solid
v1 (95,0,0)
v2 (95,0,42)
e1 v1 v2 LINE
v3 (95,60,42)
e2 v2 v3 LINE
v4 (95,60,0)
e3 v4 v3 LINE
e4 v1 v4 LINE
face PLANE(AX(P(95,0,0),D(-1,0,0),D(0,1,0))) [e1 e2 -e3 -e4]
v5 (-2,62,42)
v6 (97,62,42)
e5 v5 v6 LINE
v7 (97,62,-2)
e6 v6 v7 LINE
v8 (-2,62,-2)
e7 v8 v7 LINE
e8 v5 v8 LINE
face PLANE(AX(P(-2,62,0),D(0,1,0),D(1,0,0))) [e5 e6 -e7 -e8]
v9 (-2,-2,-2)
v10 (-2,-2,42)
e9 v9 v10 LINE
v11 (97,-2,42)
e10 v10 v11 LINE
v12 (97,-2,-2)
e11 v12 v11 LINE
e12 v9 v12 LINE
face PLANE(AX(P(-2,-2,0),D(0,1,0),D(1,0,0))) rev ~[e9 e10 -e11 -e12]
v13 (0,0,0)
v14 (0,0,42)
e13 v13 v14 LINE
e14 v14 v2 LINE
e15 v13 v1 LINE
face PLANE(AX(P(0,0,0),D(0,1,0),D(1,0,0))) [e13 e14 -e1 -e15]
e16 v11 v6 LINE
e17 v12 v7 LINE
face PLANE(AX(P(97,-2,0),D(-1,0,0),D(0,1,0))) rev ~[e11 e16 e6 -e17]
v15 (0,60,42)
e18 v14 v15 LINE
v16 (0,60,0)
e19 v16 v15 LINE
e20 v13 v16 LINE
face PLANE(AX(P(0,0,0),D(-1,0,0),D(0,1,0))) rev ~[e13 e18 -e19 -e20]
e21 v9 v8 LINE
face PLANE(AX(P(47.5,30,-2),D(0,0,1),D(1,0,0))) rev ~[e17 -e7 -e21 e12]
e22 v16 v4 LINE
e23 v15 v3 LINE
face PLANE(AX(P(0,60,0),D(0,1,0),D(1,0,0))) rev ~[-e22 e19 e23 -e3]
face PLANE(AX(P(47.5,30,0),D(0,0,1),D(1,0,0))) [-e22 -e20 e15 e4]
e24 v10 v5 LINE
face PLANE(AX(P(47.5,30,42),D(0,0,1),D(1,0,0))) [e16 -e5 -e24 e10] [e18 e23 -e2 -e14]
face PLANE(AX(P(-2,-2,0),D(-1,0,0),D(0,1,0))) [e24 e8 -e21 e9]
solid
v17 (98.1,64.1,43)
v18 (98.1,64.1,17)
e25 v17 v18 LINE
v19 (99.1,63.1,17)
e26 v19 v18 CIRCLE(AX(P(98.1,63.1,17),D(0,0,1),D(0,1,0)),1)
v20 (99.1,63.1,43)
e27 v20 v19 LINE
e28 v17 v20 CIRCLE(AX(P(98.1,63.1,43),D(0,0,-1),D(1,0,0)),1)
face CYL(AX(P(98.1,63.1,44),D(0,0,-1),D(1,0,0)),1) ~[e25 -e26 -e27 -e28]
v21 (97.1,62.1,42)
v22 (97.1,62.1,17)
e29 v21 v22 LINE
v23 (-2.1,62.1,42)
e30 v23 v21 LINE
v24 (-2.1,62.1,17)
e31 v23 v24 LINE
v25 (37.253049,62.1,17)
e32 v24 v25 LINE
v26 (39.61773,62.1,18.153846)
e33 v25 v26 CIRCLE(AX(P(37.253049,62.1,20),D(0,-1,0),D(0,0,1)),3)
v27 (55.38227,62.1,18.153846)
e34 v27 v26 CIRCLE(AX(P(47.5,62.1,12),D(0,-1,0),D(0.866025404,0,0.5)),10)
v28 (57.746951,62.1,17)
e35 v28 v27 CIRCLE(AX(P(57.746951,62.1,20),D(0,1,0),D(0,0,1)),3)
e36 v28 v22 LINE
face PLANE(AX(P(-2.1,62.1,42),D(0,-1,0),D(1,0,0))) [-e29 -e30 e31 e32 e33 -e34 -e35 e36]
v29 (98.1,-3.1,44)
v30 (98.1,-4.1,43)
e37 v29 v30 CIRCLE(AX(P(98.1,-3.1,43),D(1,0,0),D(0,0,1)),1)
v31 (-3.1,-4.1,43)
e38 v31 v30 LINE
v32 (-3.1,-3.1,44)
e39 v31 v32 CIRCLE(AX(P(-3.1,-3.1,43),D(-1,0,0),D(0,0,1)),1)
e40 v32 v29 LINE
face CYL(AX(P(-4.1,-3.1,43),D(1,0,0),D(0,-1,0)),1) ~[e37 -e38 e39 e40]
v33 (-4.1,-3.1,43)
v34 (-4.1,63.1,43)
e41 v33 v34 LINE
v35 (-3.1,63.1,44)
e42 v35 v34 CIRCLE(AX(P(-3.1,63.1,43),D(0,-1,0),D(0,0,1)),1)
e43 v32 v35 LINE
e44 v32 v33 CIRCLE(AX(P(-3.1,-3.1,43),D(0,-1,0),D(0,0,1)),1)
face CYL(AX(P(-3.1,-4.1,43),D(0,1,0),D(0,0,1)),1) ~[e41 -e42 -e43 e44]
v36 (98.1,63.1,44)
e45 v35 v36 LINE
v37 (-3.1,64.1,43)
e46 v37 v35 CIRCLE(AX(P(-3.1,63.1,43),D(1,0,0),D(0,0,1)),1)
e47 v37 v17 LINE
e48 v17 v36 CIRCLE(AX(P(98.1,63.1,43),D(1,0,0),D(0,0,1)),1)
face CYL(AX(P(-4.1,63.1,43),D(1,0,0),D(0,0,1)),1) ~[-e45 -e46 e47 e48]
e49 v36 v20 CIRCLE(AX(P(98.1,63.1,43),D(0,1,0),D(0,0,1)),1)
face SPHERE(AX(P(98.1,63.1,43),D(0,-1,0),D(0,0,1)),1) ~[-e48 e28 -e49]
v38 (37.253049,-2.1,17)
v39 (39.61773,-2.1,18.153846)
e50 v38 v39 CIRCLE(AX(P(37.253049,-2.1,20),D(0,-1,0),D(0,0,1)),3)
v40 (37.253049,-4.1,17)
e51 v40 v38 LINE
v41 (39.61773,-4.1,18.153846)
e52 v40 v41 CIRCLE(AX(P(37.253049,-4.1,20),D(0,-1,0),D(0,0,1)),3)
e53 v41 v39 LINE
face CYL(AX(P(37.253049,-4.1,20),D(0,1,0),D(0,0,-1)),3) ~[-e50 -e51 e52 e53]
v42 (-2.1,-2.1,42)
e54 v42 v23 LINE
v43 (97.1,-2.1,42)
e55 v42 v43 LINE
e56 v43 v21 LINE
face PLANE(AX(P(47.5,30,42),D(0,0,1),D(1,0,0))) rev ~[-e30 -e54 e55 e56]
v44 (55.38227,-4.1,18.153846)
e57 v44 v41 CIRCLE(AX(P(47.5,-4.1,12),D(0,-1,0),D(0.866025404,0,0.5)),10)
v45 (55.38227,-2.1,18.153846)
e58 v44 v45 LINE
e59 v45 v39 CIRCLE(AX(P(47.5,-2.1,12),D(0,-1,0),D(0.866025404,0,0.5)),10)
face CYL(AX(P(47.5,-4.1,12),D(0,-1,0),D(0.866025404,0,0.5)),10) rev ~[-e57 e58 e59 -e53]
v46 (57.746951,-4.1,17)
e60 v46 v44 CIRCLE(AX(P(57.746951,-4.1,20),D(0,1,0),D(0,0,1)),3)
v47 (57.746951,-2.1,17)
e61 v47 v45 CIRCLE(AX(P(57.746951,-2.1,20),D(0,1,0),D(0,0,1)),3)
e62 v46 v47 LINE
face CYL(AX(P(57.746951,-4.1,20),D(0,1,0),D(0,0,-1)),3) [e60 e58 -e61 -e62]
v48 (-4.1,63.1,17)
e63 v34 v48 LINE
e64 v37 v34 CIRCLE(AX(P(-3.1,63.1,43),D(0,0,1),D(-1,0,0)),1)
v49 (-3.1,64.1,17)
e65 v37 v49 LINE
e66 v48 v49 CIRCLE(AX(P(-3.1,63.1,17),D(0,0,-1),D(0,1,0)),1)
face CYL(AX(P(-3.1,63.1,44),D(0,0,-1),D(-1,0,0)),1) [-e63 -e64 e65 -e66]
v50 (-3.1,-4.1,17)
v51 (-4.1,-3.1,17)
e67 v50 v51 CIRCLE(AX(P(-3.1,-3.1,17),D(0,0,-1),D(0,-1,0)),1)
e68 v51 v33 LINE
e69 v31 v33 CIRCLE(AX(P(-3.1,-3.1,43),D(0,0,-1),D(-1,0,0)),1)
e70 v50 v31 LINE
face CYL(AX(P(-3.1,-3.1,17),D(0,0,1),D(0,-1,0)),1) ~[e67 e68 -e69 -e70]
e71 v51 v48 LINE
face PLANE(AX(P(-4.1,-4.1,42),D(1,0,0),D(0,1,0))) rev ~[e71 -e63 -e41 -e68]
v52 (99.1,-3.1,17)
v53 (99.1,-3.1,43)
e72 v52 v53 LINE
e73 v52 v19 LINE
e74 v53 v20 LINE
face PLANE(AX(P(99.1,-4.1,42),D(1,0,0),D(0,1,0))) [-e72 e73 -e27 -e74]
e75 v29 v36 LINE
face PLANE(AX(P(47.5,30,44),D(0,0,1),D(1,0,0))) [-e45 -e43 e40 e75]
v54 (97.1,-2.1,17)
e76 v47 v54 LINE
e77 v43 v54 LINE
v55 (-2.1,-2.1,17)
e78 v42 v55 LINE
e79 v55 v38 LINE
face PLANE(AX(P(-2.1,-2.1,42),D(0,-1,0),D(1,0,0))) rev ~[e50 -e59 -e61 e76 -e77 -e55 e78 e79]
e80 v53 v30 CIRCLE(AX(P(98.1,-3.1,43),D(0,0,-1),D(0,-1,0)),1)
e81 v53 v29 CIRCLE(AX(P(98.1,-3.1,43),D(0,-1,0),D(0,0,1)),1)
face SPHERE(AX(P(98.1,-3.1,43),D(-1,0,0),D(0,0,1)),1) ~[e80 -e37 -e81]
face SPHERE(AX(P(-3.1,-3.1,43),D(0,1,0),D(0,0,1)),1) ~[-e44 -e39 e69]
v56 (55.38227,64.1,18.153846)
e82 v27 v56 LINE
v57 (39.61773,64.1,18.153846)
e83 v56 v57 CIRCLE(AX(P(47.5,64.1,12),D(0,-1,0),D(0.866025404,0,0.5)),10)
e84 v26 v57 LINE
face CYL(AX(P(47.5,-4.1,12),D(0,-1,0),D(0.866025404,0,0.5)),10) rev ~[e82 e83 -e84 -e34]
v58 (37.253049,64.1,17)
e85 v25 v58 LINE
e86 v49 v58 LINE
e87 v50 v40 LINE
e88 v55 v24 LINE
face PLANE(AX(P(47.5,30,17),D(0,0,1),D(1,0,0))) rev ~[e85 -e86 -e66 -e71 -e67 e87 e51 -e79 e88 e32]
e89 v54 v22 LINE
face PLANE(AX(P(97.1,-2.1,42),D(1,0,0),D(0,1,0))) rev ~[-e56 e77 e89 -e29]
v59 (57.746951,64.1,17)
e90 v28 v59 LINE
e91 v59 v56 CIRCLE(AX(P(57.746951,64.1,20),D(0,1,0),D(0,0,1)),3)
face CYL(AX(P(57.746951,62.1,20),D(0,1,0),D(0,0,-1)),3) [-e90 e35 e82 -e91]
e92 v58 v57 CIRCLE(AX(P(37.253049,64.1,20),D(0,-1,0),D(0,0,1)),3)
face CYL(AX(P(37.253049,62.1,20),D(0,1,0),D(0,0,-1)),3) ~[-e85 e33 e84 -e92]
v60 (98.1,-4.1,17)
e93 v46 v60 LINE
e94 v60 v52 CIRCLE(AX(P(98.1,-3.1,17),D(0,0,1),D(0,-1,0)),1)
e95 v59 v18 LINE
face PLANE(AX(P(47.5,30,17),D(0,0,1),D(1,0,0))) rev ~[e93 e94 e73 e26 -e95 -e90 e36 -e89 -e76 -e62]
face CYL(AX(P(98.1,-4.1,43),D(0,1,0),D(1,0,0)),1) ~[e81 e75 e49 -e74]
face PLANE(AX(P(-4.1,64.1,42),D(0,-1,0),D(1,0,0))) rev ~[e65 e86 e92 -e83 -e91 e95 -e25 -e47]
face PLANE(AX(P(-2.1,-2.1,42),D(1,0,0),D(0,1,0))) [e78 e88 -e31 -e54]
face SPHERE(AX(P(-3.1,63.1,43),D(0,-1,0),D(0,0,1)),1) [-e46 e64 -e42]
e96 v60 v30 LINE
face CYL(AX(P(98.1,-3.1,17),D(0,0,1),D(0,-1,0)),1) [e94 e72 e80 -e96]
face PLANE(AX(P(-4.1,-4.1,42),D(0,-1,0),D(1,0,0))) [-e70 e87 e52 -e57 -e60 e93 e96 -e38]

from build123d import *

# Parameters (mm, degrees)
F0_W     = 99
F0_H     = 64
F0_W_2   = 95
F0_H_2   = 60
F1_DEPTH = 2
F2_DEPTH = 42
F3_W     = 103.2
F3_H     = 68.2
F3_W_2   = 99.2
F3_H_2   = 64.2
F3_W_3   = 99
F3_H_3   = 64
F3_W_4   = 95
F3_H_4   = 60
F4_DEPTH = 2
F5_DEPTH = 25
F7_DEPTH = 68.201
F8_R     = 3
F9_R     = 1


with BuildPart() as f1:
    # F0 (on Top) → F1 (new body)
    with BuildSketch(Plane.XY):
        with Locations((47.5, 30)):
            Rectangle(F0_W, F0_H)
        with Locations((47.5, 30)):
            Rectangle(F0_W_2, F0_H_2, mode=Mode.SUBTRACT)
        with Locations((47.5, 30)):
            Rectangle(F0_W_2, F0_H_2)
    extrude(amount=-F1_DEPTH)

    # F0 (on Top) → F2 (join)
    with BuildSketch(Plane.XY):
        with Locations((47.5, 30)):
            Rectangle(F0_W, F0_H)
        with Locations((47.5, 30)):
            Rectangle(F0_W_2, F0_H_2, mode=Mode.SUBTRACT)
    extrude(amount=F2_DEPTH)


with BuildPart() as f4:
    # F3 (on face) → F4 (new body)
    with BuildSketch(Plane.XY.offset(42)):
        with Locations((47.5, 30)):
            Rectangle(F3_W, F3_H)
        with Locations((47.5, 30)):
            Rectangle(F3_W_2, F3_H_2, mode=Mode.SUBTRACT)
        with Locations((47.5, 30)):
            Rectangle(F3_W_2, F3_H_2)
        with Locations((47.5, 30)):
            Rectangle(F3_W_3, F3_H_3, mode=Mode.SUBTRACT)
        with Locations((47.5, 30)):
            Rectangle(F3_W_3, F3_H_3)
        with Locations((47.5, 30)):
            Rectangle(F3_W_4, F3_H_4, mode=Mode.SUBTRACT)
        with Locations((47.5, 30)):
            Rectangle(F3_W_4, F3_H_4)
    extrude(amount=F4_DEPTH)

    # F3 (on face) → F5 (join)
    with BuildSketch(Plane.XY.offset(42)):
        with Locations((47.5, 30)):
            Rectangle(F3_W, F3_H)
        with Locations((47.5, 30)):
            Rectangle(F3_W_2, F3_H_2, mode=Mode.SUBTRACT)
    extrude(amount=-F5_DEPTH)

    # F6 (on face) → F7 (cut, through all)
    with BuildSketch(Plane.XZ.offset(4.1)):
        with BuildLine():
            Line((38.8397459622, 17), (56.1602540378, 17))
            ThreePointArc((56.1602540378, 17), (47.5, 22), (38.8397459622, 17))
        make_face()
    extrude(amount=-F7_DEPTH, mode=Mode.SUBTRACT)

    # F8
    f8_edges = [f4.edges().sort_by_distance(p)[0] for p in [
        (38.839746, -3.1, 17),
        (56.160254, -3.1, 17),
        (38.839746, 63.1, 17),
        (56.160254, 63.1, 17),
    ]]
    fillet(f8_edges, radius=F8_R)

    # F9
    f9_edges = [f4.edges().sort_by_distance(p)[0] for p in [
        (-4.1, 30, 44),
        (47.5, -4.1, 44),
        (99.1, 30, 44),
        (47.5, 64.1, 44),
        (99.1, -4.1, 30.5),
        (99.1, 64.1, 30.5),
        (-4.1, 64.1, 30.5),
        (-4.1, -4.1, 30.5),
    ]]
    fillet(f9_edges, radius=F9_R)


solid = Compound([f1.part, f4.part])
